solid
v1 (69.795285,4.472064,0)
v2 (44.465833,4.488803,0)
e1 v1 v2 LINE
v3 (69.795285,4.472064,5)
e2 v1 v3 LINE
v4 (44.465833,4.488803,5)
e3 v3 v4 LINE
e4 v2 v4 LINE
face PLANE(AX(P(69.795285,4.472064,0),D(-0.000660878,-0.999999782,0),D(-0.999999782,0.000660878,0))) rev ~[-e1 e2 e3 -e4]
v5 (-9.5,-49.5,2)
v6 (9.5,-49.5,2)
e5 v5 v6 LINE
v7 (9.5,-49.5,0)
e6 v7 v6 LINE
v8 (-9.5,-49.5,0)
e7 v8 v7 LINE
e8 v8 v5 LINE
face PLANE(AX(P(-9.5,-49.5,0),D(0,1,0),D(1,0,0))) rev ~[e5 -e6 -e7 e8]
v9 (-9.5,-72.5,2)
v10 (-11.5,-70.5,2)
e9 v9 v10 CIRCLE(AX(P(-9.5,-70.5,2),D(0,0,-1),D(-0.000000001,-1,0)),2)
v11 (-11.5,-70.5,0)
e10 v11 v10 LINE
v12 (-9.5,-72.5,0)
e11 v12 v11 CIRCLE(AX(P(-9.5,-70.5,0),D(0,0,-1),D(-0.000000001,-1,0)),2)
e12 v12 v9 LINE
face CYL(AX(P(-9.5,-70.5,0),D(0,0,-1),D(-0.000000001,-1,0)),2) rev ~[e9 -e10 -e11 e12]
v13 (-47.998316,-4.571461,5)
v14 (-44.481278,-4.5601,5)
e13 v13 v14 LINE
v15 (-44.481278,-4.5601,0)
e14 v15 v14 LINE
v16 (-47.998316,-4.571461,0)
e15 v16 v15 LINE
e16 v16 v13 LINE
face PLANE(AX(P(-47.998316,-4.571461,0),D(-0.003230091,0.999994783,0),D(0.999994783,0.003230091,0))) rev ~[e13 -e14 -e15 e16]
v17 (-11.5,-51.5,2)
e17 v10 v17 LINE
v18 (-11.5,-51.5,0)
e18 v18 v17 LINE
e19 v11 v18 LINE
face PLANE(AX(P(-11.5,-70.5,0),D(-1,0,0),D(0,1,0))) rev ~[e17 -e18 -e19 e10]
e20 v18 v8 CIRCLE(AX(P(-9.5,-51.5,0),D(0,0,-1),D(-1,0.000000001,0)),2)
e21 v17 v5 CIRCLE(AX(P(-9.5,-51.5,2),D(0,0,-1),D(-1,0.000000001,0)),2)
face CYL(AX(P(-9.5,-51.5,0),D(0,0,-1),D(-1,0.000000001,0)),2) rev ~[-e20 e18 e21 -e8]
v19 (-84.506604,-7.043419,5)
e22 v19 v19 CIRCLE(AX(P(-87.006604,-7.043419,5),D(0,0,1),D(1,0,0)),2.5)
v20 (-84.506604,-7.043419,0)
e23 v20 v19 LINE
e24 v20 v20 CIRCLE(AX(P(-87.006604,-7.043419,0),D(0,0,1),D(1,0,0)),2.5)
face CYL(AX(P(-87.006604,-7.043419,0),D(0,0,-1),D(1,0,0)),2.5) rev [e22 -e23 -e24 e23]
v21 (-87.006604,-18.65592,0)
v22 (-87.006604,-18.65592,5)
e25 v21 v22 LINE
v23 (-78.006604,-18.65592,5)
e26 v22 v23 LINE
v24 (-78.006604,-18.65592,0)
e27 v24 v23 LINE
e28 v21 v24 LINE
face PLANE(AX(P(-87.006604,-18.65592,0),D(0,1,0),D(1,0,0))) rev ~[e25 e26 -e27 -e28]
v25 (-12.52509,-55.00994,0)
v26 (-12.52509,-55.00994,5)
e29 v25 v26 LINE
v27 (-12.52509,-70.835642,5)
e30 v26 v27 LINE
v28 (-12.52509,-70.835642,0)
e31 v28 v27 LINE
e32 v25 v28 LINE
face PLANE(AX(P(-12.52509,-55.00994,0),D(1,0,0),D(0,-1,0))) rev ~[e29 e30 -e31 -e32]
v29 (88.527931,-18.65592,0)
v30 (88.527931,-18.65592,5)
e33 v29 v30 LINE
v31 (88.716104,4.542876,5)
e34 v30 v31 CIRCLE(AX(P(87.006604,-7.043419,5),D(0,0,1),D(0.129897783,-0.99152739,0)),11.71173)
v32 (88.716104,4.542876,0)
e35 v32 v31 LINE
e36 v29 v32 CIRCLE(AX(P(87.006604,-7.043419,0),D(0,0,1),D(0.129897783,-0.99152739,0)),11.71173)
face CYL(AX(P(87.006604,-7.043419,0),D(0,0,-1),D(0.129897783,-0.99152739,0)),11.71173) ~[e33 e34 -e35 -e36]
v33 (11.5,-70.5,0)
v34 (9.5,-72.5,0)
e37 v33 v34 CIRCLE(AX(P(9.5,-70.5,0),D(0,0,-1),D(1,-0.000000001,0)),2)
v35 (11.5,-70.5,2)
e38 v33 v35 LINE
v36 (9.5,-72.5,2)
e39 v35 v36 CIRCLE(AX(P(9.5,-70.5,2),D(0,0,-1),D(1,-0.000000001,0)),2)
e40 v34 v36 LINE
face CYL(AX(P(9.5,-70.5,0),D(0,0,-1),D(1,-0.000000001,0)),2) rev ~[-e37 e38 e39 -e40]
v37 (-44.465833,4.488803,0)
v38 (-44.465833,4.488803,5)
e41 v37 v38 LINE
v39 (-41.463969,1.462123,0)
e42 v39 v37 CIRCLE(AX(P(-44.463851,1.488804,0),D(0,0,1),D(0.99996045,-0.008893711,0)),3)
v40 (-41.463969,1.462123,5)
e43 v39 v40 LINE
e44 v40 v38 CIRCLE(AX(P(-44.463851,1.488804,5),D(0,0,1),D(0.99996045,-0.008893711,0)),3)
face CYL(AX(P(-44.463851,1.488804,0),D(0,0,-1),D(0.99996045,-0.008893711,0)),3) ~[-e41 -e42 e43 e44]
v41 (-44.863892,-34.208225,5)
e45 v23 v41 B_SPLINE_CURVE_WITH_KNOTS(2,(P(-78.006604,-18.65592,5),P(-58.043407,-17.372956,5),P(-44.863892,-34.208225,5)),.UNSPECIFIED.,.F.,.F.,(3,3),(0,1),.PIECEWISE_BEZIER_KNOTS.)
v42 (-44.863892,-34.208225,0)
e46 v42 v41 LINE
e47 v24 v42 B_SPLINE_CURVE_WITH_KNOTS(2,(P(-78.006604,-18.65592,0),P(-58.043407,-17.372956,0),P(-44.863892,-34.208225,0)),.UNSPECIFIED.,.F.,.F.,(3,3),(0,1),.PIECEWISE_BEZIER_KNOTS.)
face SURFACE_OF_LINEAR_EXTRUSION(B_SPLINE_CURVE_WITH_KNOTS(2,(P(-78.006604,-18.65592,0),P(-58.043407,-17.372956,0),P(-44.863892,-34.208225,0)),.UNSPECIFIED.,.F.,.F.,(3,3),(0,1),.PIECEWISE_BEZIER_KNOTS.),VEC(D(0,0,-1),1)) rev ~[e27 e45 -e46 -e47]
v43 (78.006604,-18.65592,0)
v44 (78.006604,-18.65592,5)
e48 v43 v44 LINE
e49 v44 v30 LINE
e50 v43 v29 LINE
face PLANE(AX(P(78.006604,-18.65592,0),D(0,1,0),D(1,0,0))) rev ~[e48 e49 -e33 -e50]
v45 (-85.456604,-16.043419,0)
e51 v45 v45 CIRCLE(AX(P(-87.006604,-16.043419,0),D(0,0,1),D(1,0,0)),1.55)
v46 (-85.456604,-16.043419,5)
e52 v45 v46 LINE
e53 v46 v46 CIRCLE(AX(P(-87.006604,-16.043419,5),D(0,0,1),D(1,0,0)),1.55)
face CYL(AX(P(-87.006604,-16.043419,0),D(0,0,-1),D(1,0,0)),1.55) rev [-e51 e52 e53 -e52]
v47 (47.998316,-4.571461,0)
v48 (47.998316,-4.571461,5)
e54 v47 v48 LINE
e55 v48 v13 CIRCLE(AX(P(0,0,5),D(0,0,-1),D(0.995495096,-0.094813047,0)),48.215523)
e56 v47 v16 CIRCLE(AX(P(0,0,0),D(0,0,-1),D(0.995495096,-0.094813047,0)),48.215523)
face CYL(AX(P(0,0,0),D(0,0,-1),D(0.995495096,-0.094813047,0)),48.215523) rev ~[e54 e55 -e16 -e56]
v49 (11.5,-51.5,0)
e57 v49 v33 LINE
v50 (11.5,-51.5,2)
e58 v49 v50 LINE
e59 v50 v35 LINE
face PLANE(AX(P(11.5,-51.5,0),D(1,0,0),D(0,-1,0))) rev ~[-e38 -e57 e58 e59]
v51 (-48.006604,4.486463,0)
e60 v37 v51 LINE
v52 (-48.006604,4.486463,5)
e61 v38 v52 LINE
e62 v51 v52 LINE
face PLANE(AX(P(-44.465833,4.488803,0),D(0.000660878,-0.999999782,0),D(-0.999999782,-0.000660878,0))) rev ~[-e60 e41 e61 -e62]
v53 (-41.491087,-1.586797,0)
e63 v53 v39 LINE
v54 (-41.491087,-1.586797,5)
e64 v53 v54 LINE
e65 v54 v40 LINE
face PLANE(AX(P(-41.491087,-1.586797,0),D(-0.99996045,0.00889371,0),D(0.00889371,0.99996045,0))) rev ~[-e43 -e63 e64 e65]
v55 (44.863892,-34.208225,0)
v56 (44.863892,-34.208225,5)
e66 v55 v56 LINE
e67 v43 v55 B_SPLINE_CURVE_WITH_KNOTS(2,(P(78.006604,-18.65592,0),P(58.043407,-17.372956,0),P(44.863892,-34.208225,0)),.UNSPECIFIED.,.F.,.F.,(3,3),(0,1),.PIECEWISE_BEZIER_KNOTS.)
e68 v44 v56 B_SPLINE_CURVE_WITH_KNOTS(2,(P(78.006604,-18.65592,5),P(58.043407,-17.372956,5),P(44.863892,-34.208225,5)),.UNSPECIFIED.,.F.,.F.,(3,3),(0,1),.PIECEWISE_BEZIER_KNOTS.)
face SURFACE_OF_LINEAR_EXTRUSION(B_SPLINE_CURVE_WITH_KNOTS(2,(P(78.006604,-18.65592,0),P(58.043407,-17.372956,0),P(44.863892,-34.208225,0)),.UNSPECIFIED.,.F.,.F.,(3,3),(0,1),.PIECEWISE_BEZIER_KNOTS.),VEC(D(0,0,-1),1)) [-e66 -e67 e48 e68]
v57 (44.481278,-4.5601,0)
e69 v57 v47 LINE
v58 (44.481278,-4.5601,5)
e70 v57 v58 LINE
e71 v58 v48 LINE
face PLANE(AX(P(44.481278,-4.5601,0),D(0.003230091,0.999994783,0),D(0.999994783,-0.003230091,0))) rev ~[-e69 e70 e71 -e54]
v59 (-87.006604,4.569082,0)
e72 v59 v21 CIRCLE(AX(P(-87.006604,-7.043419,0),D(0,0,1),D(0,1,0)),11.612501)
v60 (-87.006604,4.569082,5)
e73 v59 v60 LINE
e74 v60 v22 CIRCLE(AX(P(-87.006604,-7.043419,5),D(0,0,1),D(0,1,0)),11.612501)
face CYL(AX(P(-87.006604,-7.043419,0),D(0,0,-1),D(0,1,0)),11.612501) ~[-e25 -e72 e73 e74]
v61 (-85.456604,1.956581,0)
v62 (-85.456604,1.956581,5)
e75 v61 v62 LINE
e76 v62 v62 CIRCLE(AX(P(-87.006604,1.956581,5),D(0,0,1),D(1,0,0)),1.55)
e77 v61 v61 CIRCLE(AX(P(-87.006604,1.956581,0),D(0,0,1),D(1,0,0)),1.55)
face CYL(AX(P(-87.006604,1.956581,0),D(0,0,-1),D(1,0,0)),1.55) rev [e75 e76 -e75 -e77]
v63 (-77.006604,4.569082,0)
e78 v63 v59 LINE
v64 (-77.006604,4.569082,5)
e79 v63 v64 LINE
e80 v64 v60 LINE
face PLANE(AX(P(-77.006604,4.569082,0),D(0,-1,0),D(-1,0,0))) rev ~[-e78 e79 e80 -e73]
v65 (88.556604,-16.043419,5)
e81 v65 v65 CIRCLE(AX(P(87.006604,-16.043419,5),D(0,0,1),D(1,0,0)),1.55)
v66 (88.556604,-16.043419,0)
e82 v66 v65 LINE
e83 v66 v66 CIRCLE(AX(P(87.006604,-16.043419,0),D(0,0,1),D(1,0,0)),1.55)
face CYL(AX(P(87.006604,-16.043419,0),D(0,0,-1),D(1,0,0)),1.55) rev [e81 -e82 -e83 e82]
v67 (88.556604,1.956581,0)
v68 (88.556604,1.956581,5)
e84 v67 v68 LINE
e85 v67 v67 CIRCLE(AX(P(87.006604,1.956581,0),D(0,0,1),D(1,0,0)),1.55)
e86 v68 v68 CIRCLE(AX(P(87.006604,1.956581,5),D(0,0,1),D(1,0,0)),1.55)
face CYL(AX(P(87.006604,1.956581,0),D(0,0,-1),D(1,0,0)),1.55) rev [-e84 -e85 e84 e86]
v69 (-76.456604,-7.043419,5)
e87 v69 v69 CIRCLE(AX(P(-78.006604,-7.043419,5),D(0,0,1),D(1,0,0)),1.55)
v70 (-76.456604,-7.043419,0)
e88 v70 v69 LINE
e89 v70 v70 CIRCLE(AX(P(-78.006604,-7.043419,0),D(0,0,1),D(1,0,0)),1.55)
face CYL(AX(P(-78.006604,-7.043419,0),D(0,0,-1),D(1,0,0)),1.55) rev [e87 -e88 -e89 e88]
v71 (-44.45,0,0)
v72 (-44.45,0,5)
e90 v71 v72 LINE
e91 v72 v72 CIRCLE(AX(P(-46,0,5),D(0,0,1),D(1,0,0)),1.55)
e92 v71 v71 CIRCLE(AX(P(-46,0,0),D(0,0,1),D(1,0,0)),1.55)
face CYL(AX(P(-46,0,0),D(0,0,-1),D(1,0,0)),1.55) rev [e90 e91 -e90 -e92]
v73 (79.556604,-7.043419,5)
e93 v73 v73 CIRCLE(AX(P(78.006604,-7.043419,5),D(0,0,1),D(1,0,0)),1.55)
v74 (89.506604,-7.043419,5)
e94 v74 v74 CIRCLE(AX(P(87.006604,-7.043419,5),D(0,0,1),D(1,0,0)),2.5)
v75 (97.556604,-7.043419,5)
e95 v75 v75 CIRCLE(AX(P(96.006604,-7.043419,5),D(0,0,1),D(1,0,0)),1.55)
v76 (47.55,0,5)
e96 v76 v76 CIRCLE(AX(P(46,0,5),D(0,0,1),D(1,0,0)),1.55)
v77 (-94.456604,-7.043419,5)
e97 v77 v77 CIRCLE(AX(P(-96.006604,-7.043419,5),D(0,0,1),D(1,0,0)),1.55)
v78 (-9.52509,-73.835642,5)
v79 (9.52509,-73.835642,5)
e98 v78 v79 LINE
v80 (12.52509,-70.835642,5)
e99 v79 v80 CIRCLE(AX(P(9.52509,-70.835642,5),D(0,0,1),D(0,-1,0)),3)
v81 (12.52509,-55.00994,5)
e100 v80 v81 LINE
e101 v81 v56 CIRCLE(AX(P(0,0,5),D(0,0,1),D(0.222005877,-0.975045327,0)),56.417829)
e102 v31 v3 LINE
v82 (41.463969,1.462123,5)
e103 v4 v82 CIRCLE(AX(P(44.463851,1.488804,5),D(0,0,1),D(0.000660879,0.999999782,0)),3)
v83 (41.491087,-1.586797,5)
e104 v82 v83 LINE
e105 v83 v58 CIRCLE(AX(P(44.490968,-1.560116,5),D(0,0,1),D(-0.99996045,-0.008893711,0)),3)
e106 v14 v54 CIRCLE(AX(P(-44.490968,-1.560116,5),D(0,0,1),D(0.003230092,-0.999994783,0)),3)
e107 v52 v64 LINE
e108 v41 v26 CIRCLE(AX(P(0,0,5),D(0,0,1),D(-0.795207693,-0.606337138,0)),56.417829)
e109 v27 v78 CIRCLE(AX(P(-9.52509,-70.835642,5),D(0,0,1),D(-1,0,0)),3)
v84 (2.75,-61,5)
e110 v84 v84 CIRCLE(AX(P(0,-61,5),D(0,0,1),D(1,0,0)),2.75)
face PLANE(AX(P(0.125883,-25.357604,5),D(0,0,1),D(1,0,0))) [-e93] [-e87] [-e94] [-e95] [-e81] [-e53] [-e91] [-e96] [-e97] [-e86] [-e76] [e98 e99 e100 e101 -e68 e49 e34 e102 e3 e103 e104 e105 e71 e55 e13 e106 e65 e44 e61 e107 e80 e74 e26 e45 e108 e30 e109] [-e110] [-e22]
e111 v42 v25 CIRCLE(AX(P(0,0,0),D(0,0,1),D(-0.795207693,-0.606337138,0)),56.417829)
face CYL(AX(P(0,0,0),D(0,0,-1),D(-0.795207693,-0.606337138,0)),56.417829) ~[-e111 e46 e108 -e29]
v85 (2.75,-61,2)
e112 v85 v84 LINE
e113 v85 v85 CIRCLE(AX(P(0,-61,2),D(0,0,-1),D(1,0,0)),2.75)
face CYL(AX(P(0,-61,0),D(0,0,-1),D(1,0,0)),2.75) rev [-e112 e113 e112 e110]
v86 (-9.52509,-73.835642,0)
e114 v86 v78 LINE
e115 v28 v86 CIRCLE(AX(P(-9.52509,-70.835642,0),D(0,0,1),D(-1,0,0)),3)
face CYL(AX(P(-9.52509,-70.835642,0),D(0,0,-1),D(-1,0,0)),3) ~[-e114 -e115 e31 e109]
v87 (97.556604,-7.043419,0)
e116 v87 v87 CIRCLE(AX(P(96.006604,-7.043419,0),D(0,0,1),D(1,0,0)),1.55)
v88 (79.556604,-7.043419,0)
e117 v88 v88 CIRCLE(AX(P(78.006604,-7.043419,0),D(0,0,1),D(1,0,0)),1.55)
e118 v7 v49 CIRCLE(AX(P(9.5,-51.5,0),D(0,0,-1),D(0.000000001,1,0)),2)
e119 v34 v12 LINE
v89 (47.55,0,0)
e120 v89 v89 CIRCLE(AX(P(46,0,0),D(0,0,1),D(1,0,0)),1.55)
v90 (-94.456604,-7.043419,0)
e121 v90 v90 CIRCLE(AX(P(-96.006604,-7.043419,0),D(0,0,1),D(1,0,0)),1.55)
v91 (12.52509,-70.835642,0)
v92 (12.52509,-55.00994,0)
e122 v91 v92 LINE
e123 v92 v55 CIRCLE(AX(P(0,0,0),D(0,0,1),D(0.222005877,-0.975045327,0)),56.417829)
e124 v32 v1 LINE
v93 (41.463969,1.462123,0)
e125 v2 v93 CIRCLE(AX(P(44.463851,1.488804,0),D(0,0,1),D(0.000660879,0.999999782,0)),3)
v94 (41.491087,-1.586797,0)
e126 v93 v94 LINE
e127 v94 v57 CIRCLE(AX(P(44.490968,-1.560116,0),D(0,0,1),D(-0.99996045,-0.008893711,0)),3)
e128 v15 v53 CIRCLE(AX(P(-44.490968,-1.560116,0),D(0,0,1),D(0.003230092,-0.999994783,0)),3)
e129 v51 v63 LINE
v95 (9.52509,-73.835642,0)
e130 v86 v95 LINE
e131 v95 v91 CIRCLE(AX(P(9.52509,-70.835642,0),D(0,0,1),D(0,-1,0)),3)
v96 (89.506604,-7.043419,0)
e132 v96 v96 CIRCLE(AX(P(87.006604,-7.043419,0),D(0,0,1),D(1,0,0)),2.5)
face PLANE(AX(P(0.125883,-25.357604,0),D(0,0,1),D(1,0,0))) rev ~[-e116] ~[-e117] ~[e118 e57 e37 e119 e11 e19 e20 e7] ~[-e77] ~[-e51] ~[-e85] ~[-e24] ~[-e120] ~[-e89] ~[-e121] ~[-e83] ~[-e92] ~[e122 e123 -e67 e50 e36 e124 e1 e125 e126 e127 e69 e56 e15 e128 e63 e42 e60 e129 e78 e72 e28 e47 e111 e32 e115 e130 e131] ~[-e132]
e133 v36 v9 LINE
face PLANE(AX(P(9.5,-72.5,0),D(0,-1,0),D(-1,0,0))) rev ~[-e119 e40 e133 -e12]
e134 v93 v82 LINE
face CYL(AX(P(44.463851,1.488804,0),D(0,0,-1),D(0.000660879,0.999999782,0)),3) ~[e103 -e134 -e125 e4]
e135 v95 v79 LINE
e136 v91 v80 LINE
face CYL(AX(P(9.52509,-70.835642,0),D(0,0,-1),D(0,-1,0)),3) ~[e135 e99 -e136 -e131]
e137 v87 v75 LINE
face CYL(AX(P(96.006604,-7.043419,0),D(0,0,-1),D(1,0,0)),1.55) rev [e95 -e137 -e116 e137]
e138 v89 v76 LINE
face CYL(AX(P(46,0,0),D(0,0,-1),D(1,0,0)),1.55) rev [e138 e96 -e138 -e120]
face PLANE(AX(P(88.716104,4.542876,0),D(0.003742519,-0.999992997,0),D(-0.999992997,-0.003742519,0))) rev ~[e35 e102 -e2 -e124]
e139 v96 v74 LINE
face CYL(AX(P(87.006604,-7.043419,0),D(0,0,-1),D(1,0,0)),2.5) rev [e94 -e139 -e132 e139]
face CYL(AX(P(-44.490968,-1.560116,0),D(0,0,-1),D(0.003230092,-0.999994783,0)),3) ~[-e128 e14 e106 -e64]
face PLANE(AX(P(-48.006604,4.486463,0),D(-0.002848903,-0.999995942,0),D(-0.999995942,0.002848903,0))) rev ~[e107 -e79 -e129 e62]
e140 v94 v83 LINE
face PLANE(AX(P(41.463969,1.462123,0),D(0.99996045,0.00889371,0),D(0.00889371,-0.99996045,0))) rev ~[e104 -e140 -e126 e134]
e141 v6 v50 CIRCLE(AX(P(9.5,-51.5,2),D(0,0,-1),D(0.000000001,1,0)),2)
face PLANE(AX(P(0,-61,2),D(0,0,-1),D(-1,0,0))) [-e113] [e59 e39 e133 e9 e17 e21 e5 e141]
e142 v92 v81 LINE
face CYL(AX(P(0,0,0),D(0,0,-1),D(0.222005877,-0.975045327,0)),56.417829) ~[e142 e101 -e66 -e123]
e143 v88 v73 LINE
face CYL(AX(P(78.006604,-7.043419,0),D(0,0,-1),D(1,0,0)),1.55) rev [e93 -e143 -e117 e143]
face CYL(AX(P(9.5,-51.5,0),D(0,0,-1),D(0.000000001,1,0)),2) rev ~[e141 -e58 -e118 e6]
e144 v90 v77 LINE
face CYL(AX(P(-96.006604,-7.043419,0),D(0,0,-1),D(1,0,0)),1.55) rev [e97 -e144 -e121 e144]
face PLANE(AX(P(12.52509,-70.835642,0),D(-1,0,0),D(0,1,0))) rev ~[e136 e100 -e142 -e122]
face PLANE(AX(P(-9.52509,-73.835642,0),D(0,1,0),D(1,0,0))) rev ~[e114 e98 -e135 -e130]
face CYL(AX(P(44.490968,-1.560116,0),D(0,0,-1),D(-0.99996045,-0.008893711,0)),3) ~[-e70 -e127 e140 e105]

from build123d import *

# Parameters (mm, degrees)
SKETCH2_R           = 1.55
SKETCH2_R_2         = 2.499999997
SKETCH2_R_3         = 2.75
BOSS_EXTRUDE1_DEPTH = 5
CUT_EXTRUDE1_DEPTH  = 2


with BuildPart() as part:
    # Sketch2 → Boss-Extrude1 (new body)
    with BuildSketch(Plane.XY):
        with BuildLine():
            ThreePointArc((-12.525089607, -70.83564173), (-11.646409951, -72.956962073), (-9.525089607, -73.83564173))
            Line((-9.525089607, -73.83564173), (9.525089607, -73.83564173))
            ThreePointArc((9.525089607, -73.83564173), (11.646409951, -72.956962073), (12.525089607, -70.83564173))
            Line((12.525089607, -70.83564173), (12.525089607, -55.009940427))
            ThreePointArc((12.525089607, -55.009940427), (30.521330754, -47.449128385), (44.86389153, -34.208224921))
            add(Edge.make_bspline(
                [(78.006603773, -18.655919566), (58.043406574, -17.372955625), (44.86389153, -34.208224921)],
                knots=[0, 0, 0, 1, 1, 1], degree=2))
            Line((78.006603773, -18.655919566), (88.527931482, -18.655919566))
            ThreePointArc((88.527931482, -18.655919566), (98.717948133, -7.13841292), (88.716103535, 4.542875677))
            Line((88.716103535, 4.542875677), (69.795285346, 4.472063654))
            Line((69.795285346, 4.472063654), (44.465833223, 4.48880334))
            ThreePointArc((44.465833223, 4.48880334), (42.333815881, 3.601374029), (41.463969238, 1.462122864))
            Line((41.463969238, 1.462122864), (41.491086519, -1.586796959))
            ThreePointArc((41.491086519, -1.586796959), (42.375663318, -3.687434951), (44.481277596, -4.560100178))
            Line((44.481277596, -4.560100178), (47.998316287, -4.571460593))
            ThreePointArc((47.998316287, -4.571460593), (0, -48.215522587), (-47.998316287, -4.571460593))
            Line((-47.998316287, -4.571460593), (-44.481277596, -4.560100178))
            ThreePointArc((-44.481277596, -4.560100178), (-42.375663318, -3.687434951), (-41.491086519, -1.586796959))
            Line((-41.491086519, -1.586796959), (-41.463969238, 1.462122864))
            ThreePointArc((-41.463969238, 1.462122864), (-42.333815881, 3.601374029), (-44.465833223, 4.48880334))
            Line((-44.465833223, 4.48880334), (-48.006603773, 4.486463321))
            Line((-48.006603773, 4.486463321), (-77.006603773, 4.569081841))
            Line((-77.006603773, 4.569081841), (-87.006603773, 4.569081841))
            ThreePointArc((-87.006603773, 4.569081841), (-98.619104477, -7.043418862), (-87.006603773, -18.655919566))
            Line((-87.006603773, -18.655919566), (-78.006603773, -18.655919566))
            add(Edge.make_bspline(
                [(-78.006603773, -18.655919566), (-58.043406574, -17.372955625), (-44.86389153, -34.208224921)],
                knots=[0, 0, 0, 1, 1, 1], degree=2))
            ThreePointArc((-44.86389153, -34.208224921), (-30.521330754, -47.449128385), (-12.525089607, -55.009940427))
            Line((-12.525089607, -55.009940427), (-12.525089607, -70.83564173))
        make_face()
        with Locations((-87.006603773, -16.043418862)):
            Circle(SKETCH2_R, mode=Mode.SUBTRACT)
        with Locations((-96.006603773, -7.043418862)):
            Circle(SKETCH2_R, mode=Mode.SUBTRACT)
        with Locations((-87.006603773, -7.043418862)):
            Circle(SKETCH2_R_2, mode=Mode.SUBTRACT)
        with Locations((-78.006603773, -7.043418862)):
            Circle(SKETCH2_R, mode=Mode.SUBTRACT)
        with Locations((-87.006603773, 1.956581138)):
            Circle(SKETCH2_R, mode=Mode.SUBTRACT)
        with Locations((-46, 0)):
            Circle(SKETCH2_R, mode=Mode.SUBTRACT)
        with Locations((87.006603773, -16.043418862)):
            Circle(SKETCH2_R, mode=Mode.SUBTRACT)
        with Locations((46, 0)):
            Circle(SKETCH2_R, mode=Mode.SUBTRACT)
        with Locations((78.006603773, -7.043418862)):
            Circle(SKETCH2_R, mode=Mode.SUBTRACT)
        with Locations((87.006603773, -7.043418862)):
            Circle(SKETCH2_R_2, mode=Mode.SUBTRACT)
        with Locations((96.006603773, -7.043418862)):
            Circle(SKETCH2_R, mode=Mode.SUBTRACT)
        with Locations((87.006603773, 1.956581138)):
            Circle(SKETCH2_R, mode=Mode.SUBTRACT)
        with Locations((0, -61)):
            Circle(SKETCH2_R_3, mode=Mode.SUBTRACT)
    extrude(amount=BOSS_EXTRUDE1_DEPTH)

    # Sketch3 → Cut-Extrude1 (cut)
    with BuildSketch(Plane(origin=(0, 0, 0), x_dir=(-1, 0, 0), z_dir=(0, 0, -1))):
        with BuildLine():
            Line((9.5, -49.5), (-9.5, -49.5))
            ThreePointArc((-9.5, -49.5), (-10.914213562, -50.085786438), (-11.5, -51.5))
            Line((-11.5, -51.5), (-11.5, -70.5))
            ThreePointArc((-11.5, -70.5), (-10.914213562, -71.914213562), (-9.5, -72.5))
            Line((-9.5, -72.5), (9.5, -72.5))
            ThreePointArc((9.5, -72.5), (10.914213562, -71.914213562), (11.5, -70.5))
            Line((11.5, -70.5), (11.5, -51.5))
            ThreePointArc((11.5, -51.5), (10.914213562, -50.085786438), (9.5, -49.5))
        make_face()
    extrude(amount=-CUT_EXTRUDE1_DEPTH, mode=Mode.SUBTRACT)


solid = part.part
